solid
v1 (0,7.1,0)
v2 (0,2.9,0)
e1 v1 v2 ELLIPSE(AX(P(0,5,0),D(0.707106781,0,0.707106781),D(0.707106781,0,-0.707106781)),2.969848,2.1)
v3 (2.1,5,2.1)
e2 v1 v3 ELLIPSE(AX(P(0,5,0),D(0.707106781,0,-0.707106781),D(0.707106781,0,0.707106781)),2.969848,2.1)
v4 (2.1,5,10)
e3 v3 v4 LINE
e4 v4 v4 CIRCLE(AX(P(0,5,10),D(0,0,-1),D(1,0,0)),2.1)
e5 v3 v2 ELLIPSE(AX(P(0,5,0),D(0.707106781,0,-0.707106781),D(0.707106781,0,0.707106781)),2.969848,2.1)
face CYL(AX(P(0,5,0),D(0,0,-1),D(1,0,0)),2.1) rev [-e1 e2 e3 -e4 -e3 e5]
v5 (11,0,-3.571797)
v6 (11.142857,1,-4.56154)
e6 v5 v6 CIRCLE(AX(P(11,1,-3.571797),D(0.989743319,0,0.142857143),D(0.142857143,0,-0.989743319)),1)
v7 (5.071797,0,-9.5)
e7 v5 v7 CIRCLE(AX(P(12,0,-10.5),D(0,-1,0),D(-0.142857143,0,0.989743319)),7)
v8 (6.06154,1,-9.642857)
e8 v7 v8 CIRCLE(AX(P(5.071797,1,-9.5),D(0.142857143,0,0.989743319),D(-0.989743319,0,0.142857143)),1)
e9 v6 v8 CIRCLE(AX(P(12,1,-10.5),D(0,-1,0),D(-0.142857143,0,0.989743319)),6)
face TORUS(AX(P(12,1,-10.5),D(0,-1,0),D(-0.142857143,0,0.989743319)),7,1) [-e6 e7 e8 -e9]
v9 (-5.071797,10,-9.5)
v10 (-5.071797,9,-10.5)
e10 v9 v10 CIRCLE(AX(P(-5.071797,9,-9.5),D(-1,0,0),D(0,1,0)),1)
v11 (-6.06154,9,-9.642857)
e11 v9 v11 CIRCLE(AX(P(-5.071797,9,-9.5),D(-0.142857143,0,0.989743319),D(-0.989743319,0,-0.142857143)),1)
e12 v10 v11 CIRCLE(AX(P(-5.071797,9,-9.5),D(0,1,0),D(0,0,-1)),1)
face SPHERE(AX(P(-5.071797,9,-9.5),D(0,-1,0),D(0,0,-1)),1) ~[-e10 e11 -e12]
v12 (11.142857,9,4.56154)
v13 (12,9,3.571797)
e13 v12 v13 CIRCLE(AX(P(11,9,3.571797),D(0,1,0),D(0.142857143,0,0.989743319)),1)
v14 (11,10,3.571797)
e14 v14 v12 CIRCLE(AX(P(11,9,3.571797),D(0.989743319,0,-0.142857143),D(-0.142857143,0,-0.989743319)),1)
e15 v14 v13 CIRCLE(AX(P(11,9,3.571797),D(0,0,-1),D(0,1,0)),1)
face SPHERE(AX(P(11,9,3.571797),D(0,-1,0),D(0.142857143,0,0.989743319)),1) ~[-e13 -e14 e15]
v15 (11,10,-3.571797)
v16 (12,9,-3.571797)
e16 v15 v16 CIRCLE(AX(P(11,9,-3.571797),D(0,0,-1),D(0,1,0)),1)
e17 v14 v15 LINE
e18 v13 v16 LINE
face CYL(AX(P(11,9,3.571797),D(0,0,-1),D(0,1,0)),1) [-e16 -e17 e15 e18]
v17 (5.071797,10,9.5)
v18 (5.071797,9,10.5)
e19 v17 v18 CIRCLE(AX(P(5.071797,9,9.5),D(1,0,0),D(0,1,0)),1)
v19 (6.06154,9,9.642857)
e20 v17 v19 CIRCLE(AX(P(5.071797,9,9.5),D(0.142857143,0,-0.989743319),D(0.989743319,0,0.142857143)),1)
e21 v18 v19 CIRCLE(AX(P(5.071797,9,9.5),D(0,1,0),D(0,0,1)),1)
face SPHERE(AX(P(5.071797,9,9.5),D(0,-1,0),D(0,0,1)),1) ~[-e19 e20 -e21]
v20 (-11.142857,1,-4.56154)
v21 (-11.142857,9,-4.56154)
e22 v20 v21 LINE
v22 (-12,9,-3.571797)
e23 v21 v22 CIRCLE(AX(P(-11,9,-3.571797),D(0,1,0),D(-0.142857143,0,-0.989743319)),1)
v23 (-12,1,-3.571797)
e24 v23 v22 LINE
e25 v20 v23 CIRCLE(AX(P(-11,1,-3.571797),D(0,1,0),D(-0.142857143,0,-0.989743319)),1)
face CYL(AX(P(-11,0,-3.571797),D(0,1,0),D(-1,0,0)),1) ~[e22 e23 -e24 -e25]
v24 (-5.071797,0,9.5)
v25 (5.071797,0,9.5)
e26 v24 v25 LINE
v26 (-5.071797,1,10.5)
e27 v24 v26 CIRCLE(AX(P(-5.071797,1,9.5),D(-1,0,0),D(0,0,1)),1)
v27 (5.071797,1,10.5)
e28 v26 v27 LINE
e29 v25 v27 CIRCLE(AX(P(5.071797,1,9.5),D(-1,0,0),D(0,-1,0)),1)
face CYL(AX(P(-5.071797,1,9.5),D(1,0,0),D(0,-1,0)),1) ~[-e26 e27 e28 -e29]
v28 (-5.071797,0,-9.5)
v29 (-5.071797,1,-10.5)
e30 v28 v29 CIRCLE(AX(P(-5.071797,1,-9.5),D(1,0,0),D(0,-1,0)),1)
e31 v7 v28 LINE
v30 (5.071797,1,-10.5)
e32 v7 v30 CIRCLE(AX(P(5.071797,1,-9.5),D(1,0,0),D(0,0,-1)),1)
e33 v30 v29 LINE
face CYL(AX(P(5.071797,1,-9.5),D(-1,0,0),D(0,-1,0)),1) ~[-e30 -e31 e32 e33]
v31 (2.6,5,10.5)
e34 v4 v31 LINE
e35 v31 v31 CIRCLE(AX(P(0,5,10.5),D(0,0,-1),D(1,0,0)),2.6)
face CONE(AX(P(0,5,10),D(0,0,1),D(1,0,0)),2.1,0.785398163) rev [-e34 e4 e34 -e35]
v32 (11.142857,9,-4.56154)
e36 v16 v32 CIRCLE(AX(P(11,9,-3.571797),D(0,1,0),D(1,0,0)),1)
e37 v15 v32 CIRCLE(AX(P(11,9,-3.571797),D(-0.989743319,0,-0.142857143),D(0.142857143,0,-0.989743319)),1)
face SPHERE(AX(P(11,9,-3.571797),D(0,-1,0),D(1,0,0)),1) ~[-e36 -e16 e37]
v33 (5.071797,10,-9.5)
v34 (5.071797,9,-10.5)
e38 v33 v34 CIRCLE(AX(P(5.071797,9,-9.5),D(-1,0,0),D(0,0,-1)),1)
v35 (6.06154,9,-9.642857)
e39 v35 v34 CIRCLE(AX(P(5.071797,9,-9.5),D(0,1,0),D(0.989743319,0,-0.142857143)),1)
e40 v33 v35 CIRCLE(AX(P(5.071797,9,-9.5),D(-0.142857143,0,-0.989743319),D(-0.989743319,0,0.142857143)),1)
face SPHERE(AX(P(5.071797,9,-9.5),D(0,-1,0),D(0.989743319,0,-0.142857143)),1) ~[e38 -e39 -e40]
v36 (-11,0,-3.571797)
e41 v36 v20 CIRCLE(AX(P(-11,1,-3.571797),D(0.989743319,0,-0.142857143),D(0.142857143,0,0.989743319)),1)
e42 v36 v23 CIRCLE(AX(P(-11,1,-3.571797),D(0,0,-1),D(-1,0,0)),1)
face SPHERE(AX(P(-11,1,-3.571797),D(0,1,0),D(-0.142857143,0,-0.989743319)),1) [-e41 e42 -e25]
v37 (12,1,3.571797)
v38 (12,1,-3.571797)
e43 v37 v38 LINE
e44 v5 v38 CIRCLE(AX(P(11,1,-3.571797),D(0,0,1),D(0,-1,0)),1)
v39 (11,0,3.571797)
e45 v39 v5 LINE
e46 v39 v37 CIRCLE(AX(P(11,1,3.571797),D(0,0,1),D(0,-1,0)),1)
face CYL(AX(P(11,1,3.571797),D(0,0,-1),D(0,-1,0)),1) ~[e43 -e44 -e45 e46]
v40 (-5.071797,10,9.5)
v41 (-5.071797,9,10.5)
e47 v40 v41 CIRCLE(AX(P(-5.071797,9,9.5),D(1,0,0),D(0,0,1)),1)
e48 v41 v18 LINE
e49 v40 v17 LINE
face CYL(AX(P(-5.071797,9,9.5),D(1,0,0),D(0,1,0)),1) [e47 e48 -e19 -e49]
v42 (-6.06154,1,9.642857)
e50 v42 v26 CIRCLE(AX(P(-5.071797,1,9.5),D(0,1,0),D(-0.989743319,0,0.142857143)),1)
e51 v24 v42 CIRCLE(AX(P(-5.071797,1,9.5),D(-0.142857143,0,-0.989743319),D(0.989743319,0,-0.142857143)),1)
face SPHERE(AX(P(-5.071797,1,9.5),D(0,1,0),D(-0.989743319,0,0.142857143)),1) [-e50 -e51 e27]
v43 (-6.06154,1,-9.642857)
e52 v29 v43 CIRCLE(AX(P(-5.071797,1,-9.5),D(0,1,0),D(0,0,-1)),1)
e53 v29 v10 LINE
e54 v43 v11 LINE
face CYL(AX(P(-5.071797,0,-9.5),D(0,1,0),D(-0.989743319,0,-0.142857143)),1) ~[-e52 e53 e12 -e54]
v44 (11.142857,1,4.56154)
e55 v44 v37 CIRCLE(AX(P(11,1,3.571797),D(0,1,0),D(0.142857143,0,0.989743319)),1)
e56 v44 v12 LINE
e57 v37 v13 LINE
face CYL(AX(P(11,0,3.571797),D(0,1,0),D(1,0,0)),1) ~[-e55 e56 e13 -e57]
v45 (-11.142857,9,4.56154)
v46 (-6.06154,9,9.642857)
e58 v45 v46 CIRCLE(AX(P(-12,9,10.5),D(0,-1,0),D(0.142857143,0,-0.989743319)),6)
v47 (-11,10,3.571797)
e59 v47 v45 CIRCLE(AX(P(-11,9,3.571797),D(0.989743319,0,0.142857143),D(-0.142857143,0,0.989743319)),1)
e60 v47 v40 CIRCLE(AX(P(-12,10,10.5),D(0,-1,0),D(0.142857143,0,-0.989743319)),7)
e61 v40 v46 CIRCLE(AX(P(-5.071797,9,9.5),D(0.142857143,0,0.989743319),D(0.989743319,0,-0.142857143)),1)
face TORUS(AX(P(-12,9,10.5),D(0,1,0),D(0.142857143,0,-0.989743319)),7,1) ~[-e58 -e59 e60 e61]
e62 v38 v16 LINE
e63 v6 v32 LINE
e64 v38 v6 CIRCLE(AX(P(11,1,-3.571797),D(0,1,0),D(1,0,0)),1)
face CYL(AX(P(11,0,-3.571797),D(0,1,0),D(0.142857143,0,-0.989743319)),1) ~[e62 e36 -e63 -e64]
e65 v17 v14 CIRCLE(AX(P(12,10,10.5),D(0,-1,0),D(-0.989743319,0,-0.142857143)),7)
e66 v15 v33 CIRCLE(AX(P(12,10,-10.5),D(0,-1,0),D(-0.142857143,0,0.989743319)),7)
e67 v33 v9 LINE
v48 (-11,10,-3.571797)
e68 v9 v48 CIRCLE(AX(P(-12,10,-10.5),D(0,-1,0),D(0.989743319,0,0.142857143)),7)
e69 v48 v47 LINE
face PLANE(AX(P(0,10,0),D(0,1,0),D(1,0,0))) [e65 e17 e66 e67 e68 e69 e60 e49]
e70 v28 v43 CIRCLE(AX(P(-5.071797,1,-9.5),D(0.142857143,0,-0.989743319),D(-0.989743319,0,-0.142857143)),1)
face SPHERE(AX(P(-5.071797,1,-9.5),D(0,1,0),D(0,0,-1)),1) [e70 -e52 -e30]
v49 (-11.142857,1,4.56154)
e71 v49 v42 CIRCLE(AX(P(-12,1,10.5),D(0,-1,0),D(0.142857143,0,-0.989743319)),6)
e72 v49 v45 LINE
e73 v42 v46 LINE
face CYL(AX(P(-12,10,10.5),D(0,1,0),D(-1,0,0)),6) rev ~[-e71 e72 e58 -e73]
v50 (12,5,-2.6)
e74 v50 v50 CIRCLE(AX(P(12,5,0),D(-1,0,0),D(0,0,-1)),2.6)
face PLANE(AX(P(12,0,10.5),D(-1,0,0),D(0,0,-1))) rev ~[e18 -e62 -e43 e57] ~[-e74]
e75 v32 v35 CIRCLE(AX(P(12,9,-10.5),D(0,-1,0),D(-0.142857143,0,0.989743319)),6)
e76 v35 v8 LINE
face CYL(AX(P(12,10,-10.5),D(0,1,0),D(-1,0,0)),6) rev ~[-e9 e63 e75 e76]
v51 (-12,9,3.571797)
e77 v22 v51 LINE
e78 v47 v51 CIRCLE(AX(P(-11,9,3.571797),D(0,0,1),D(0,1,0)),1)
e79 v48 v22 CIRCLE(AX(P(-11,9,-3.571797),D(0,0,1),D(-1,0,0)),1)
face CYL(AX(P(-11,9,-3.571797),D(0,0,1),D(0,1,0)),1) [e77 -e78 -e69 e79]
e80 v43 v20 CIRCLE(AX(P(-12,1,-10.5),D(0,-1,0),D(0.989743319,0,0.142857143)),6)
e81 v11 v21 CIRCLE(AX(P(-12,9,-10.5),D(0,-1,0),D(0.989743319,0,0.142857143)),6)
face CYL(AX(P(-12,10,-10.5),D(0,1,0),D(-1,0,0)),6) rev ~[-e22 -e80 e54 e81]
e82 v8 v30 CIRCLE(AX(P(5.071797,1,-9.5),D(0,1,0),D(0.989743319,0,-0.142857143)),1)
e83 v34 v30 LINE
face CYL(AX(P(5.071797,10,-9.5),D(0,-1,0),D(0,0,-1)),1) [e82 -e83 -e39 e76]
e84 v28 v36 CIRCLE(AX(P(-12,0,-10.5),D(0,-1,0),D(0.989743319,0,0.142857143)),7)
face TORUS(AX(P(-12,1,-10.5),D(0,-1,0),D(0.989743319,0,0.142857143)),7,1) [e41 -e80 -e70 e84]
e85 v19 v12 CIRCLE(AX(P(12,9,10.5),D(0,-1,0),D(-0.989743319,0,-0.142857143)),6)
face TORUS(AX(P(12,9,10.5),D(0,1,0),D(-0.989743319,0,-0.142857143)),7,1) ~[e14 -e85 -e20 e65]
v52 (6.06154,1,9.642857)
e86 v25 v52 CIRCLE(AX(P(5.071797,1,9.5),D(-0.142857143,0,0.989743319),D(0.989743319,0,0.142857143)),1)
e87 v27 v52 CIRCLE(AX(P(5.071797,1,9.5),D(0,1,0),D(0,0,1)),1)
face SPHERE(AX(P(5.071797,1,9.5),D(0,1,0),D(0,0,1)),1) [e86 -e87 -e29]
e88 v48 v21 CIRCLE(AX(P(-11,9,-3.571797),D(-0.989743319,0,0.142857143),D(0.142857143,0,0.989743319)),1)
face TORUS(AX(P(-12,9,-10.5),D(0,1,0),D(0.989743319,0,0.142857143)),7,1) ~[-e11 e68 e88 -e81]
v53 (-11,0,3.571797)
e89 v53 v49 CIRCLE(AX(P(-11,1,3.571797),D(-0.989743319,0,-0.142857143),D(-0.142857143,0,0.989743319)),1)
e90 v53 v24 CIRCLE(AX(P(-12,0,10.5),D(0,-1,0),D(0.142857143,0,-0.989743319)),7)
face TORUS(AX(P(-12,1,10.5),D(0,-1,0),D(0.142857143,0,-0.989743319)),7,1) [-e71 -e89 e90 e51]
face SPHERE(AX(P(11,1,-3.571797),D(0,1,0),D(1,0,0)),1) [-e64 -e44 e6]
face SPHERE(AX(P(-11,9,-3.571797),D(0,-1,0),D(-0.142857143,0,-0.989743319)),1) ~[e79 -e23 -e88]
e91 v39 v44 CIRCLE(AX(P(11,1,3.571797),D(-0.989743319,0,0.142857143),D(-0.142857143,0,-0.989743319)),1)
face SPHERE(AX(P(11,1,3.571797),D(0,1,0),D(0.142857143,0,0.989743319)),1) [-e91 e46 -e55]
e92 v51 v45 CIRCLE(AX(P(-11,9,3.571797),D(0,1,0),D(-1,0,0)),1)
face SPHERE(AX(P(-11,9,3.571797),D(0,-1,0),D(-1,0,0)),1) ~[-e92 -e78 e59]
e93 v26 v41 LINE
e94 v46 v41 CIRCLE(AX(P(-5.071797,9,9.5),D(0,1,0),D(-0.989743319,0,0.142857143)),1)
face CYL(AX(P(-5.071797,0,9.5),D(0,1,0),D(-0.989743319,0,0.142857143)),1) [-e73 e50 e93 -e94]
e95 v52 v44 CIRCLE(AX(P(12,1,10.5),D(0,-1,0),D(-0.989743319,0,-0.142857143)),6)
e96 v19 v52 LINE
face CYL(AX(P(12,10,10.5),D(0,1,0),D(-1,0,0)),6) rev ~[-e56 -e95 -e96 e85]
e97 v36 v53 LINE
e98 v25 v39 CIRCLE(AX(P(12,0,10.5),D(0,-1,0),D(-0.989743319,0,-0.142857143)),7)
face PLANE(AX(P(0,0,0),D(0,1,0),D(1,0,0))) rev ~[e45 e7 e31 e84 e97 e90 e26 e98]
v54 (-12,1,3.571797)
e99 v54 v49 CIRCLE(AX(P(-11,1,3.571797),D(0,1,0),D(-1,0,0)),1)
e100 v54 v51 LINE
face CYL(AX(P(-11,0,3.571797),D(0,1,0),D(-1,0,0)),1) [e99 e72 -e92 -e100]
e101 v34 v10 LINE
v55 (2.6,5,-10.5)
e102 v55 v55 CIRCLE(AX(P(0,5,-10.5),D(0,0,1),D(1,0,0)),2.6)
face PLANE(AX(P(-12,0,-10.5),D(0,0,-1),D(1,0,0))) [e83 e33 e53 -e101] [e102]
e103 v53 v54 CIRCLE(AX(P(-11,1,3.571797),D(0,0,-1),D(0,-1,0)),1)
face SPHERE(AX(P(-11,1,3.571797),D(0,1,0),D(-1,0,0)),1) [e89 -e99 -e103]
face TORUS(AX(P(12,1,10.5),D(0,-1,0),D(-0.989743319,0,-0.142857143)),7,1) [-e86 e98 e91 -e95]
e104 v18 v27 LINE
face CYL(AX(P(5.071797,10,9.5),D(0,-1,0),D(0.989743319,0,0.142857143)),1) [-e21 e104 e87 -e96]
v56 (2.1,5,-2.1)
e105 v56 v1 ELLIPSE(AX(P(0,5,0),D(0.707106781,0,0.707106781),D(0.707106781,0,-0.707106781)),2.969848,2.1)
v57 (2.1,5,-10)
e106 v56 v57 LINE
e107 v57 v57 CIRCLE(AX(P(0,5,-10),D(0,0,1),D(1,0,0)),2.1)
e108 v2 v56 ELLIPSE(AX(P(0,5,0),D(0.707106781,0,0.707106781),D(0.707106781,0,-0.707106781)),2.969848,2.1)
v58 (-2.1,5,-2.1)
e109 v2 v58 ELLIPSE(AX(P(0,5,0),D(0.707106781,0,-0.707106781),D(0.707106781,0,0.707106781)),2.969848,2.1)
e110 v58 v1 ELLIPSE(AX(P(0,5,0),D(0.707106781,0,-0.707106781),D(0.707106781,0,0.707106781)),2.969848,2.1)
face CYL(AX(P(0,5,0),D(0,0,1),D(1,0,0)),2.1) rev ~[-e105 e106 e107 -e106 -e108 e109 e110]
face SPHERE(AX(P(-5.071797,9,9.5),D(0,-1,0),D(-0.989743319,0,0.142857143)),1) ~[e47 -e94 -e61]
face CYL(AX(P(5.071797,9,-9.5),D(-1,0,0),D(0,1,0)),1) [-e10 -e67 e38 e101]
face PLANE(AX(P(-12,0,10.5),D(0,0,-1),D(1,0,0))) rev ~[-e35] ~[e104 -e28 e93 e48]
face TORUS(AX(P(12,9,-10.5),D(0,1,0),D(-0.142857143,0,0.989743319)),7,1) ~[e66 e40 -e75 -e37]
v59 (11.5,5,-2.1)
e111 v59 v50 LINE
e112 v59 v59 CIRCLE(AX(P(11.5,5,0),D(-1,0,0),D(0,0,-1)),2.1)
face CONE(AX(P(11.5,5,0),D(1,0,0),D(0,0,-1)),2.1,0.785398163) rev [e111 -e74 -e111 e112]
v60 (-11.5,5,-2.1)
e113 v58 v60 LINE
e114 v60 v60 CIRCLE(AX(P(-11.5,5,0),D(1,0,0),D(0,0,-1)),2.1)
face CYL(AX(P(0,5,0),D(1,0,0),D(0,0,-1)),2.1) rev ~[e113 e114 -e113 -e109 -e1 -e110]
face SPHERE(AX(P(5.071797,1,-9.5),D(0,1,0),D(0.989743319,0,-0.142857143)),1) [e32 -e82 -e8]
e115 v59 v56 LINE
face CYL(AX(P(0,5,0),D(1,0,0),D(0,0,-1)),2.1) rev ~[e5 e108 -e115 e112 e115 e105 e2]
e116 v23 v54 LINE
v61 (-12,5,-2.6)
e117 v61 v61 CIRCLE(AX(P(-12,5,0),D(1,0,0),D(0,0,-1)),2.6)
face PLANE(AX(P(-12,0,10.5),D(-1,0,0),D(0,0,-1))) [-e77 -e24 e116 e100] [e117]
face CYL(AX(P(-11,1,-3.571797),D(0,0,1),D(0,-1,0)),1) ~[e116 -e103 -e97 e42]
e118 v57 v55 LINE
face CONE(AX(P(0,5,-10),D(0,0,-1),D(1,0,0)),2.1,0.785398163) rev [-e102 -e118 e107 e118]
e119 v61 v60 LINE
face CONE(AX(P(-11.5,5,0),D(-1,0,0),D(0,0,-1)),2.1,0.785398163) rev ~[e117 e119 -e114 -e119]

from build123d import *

# Parameters (mm, degrees)
SKIZZE1_W                            = 24
SKIZZE1_H                            = 21
AUFSATZ_LINEAR_AUSTRAGEN1_DEPTH      = 10
SKIZZE2_R                            = 2.1
SCHNITT_LINEAR_AUSTRAGEN1_DEPTH      = 20
SCHNITT_LINEAR_AUSTRAGEN1_DEPTH_BACK = 20
SKIZZE3_R                            = 2.1
SCHNITT_LINEAR_AUSTRAGEN2_DEPTH      = 20
SCHNITT_LINEAR_AUSTRAGEN2_DEPTH_BACK = 20
SKIZZE4_R                            = 6
SCHNITT_LINEAR_AUSTRAGEN3_DEPTH      = 10
VERRUNDUNG1_R                        = 1
VERRUNDUNG2_R                        = 1
FASE1_SIZE                           = 0.5


with BuildPart() as part:
    # Skizze1 → Aufsatz-Linear austragen1 (new body)
    with BuildSketch(Plane(origin=(0, 0, 0), x_dir=(1, 0, 0), z_dir=(0, 1, 0))):
        Rectangle(SKIZZE1_W, SKIZZE1_H)
    extrude(amount=AUFSATZ_LINEAR_AUSTRAGEN1_DEPTH)

    # Skizze2 → Schnitt-Linear austragen1 (cut, two sides)
    with BuildSketch(Plane(origin=(0, 0, 0), x_dir=(0, 0, -1), z_dir=(1, 0, 0))) as schnitt_linear_austragen1_sk:
        with Locations((0, 5)):
            Circle(SKIZZE2_R)
    extrude(amount=SCHNITT_LINEAR_AUSTRAGEN1_DEPTH, mode=Mode.SUBTRACT)
    extrude(schnitt_linear_austragen1_sk.sketch, amount=-SCHNITT_LINEAR_AUSTRAGEN1_DEPTH_BACK, mode=Mode.SUBTRACT)

    # Skizze3 → Schnitt-Linear austragen2 (cut, two sides)
    with BuildSketch(Plane.XY) as schnitt_linear_austragen2_sk:
        with Locations((0, 5)):
            Circle(SKIZZE3_R)
    extrude(amount=SCHNITT_LINEAR_AUSTRAGEN2_DEPTH, mode=Mode.SUBTRACT)
    extrude(schnitt_linear_austragen2_sk.sketch, amount=-SCHNITT_LINEAR_AUSTRAGEN2_DEPTH_BACK, mode=Mode.SUBTRACT)

    # Skizze4 → Schnitt-Linear austragen3 (cut)
    with BuildSketch(Plane(origin=(0, 10, 0), x_dir=(-1, 0, 0), z_dir=(0, 1, 0))):
        with Locations((12, -10.5)):
            Circle(SKIZZE4_R)
        with Locations((-12, -10.5)):
            Circle(SKIZZE4_R)
        with Locations((-12, 10.5)):
            Circle(SKIZZE4_R)
        with Locations((12, 10.5)):
            Circle(SKIZZE4_R)
    extrude(amount=-SCHNITT_LINEAR_AUSTRAGEN3_DEPTH, mode=Mode.SUBTRACT)

    # Verrundung1
    verrundung1_edges = [part.edges().sort_by_distance(p)[0] for p in [
        (-6, 5, -10.5),
        (-12, 5, -4.5),
        (6, 5, -10.5),
        (12, 5, -4.5),
        (6, 5, 10.5),
        (12, 5, 4.5),
        (-6, 5, 10.5),
        (-12, 5, 4.5),
    ]]
    fillet(verrundung1_edges, radius=VERRUNDUNG1_R)

    # Verrundung2
    verrundung2_edges = [part.edges().sort_by_distance(p)[0] for p in [
        (12, 10, 0),
        (12, 0, 0),
        (0, 0, 10.5),
        (-7.757359313, 0, 6.257359313),
        (-12, 0, 0),
        (-7.757359313, 0, -6.257359313),
        (0, 0, -10.5),
        (7.757359313, 0, -6.257359313),
        (7.757359313, 0, 6.257359313),
        (11.755928946, 0, -4.22645044),
        (5.72645044, 0, -10.255928946),
        (-5.72645044, 0, -10.255928946),
        (-11.755928946, 0, -4.22645044),
        (-11.755928946, 0, 4.22645044),
        (-5.72645044, 0, 10.255928946),
        (5.72645044, 0, 10.255928946),
        (11.755928946, 0, 4.22645044),
        (7.757359313, 10, 6.257359313),
        (-7.757359313, 10, 6.257359313),
        (0, 10, 10.5),
        (7.757359313, 10, -6.257359313),
        (0, 10, -10.5),
        (-7.757359313, 10, -6.257359313),
        (-12, 10, 0),
        (11.755928946, 10, -4.22645044),
        (5.72645044, 10, -10.255928946),
        (-5.72645044, 10, -10.255928946),
        (-11.755928946, 10, -4.22645044),
        (-11.755928946, 10, 4.22645044),
        (-5.72645044, 10, 10.255928946),
        (5.72645044, 10, 10.255928946),
        (11.755928946, 10, 4.22645044),
    ]]
    fillet(verrundung2_edges, radius=VERRUNDUNG2_R)

    # Fase1
    fase1_edges = [part.edges().sort_by_distance(p)[0] for p in [
        (-12, 5, 2.1),
        (12, 5, 2.1),
        (-2.1, 5, -10.5),
        (-2.1, 5, 10.5),
    ]]
    chamfer(fase1_edges, length=FASE1_SIZE)


solid = part.part
